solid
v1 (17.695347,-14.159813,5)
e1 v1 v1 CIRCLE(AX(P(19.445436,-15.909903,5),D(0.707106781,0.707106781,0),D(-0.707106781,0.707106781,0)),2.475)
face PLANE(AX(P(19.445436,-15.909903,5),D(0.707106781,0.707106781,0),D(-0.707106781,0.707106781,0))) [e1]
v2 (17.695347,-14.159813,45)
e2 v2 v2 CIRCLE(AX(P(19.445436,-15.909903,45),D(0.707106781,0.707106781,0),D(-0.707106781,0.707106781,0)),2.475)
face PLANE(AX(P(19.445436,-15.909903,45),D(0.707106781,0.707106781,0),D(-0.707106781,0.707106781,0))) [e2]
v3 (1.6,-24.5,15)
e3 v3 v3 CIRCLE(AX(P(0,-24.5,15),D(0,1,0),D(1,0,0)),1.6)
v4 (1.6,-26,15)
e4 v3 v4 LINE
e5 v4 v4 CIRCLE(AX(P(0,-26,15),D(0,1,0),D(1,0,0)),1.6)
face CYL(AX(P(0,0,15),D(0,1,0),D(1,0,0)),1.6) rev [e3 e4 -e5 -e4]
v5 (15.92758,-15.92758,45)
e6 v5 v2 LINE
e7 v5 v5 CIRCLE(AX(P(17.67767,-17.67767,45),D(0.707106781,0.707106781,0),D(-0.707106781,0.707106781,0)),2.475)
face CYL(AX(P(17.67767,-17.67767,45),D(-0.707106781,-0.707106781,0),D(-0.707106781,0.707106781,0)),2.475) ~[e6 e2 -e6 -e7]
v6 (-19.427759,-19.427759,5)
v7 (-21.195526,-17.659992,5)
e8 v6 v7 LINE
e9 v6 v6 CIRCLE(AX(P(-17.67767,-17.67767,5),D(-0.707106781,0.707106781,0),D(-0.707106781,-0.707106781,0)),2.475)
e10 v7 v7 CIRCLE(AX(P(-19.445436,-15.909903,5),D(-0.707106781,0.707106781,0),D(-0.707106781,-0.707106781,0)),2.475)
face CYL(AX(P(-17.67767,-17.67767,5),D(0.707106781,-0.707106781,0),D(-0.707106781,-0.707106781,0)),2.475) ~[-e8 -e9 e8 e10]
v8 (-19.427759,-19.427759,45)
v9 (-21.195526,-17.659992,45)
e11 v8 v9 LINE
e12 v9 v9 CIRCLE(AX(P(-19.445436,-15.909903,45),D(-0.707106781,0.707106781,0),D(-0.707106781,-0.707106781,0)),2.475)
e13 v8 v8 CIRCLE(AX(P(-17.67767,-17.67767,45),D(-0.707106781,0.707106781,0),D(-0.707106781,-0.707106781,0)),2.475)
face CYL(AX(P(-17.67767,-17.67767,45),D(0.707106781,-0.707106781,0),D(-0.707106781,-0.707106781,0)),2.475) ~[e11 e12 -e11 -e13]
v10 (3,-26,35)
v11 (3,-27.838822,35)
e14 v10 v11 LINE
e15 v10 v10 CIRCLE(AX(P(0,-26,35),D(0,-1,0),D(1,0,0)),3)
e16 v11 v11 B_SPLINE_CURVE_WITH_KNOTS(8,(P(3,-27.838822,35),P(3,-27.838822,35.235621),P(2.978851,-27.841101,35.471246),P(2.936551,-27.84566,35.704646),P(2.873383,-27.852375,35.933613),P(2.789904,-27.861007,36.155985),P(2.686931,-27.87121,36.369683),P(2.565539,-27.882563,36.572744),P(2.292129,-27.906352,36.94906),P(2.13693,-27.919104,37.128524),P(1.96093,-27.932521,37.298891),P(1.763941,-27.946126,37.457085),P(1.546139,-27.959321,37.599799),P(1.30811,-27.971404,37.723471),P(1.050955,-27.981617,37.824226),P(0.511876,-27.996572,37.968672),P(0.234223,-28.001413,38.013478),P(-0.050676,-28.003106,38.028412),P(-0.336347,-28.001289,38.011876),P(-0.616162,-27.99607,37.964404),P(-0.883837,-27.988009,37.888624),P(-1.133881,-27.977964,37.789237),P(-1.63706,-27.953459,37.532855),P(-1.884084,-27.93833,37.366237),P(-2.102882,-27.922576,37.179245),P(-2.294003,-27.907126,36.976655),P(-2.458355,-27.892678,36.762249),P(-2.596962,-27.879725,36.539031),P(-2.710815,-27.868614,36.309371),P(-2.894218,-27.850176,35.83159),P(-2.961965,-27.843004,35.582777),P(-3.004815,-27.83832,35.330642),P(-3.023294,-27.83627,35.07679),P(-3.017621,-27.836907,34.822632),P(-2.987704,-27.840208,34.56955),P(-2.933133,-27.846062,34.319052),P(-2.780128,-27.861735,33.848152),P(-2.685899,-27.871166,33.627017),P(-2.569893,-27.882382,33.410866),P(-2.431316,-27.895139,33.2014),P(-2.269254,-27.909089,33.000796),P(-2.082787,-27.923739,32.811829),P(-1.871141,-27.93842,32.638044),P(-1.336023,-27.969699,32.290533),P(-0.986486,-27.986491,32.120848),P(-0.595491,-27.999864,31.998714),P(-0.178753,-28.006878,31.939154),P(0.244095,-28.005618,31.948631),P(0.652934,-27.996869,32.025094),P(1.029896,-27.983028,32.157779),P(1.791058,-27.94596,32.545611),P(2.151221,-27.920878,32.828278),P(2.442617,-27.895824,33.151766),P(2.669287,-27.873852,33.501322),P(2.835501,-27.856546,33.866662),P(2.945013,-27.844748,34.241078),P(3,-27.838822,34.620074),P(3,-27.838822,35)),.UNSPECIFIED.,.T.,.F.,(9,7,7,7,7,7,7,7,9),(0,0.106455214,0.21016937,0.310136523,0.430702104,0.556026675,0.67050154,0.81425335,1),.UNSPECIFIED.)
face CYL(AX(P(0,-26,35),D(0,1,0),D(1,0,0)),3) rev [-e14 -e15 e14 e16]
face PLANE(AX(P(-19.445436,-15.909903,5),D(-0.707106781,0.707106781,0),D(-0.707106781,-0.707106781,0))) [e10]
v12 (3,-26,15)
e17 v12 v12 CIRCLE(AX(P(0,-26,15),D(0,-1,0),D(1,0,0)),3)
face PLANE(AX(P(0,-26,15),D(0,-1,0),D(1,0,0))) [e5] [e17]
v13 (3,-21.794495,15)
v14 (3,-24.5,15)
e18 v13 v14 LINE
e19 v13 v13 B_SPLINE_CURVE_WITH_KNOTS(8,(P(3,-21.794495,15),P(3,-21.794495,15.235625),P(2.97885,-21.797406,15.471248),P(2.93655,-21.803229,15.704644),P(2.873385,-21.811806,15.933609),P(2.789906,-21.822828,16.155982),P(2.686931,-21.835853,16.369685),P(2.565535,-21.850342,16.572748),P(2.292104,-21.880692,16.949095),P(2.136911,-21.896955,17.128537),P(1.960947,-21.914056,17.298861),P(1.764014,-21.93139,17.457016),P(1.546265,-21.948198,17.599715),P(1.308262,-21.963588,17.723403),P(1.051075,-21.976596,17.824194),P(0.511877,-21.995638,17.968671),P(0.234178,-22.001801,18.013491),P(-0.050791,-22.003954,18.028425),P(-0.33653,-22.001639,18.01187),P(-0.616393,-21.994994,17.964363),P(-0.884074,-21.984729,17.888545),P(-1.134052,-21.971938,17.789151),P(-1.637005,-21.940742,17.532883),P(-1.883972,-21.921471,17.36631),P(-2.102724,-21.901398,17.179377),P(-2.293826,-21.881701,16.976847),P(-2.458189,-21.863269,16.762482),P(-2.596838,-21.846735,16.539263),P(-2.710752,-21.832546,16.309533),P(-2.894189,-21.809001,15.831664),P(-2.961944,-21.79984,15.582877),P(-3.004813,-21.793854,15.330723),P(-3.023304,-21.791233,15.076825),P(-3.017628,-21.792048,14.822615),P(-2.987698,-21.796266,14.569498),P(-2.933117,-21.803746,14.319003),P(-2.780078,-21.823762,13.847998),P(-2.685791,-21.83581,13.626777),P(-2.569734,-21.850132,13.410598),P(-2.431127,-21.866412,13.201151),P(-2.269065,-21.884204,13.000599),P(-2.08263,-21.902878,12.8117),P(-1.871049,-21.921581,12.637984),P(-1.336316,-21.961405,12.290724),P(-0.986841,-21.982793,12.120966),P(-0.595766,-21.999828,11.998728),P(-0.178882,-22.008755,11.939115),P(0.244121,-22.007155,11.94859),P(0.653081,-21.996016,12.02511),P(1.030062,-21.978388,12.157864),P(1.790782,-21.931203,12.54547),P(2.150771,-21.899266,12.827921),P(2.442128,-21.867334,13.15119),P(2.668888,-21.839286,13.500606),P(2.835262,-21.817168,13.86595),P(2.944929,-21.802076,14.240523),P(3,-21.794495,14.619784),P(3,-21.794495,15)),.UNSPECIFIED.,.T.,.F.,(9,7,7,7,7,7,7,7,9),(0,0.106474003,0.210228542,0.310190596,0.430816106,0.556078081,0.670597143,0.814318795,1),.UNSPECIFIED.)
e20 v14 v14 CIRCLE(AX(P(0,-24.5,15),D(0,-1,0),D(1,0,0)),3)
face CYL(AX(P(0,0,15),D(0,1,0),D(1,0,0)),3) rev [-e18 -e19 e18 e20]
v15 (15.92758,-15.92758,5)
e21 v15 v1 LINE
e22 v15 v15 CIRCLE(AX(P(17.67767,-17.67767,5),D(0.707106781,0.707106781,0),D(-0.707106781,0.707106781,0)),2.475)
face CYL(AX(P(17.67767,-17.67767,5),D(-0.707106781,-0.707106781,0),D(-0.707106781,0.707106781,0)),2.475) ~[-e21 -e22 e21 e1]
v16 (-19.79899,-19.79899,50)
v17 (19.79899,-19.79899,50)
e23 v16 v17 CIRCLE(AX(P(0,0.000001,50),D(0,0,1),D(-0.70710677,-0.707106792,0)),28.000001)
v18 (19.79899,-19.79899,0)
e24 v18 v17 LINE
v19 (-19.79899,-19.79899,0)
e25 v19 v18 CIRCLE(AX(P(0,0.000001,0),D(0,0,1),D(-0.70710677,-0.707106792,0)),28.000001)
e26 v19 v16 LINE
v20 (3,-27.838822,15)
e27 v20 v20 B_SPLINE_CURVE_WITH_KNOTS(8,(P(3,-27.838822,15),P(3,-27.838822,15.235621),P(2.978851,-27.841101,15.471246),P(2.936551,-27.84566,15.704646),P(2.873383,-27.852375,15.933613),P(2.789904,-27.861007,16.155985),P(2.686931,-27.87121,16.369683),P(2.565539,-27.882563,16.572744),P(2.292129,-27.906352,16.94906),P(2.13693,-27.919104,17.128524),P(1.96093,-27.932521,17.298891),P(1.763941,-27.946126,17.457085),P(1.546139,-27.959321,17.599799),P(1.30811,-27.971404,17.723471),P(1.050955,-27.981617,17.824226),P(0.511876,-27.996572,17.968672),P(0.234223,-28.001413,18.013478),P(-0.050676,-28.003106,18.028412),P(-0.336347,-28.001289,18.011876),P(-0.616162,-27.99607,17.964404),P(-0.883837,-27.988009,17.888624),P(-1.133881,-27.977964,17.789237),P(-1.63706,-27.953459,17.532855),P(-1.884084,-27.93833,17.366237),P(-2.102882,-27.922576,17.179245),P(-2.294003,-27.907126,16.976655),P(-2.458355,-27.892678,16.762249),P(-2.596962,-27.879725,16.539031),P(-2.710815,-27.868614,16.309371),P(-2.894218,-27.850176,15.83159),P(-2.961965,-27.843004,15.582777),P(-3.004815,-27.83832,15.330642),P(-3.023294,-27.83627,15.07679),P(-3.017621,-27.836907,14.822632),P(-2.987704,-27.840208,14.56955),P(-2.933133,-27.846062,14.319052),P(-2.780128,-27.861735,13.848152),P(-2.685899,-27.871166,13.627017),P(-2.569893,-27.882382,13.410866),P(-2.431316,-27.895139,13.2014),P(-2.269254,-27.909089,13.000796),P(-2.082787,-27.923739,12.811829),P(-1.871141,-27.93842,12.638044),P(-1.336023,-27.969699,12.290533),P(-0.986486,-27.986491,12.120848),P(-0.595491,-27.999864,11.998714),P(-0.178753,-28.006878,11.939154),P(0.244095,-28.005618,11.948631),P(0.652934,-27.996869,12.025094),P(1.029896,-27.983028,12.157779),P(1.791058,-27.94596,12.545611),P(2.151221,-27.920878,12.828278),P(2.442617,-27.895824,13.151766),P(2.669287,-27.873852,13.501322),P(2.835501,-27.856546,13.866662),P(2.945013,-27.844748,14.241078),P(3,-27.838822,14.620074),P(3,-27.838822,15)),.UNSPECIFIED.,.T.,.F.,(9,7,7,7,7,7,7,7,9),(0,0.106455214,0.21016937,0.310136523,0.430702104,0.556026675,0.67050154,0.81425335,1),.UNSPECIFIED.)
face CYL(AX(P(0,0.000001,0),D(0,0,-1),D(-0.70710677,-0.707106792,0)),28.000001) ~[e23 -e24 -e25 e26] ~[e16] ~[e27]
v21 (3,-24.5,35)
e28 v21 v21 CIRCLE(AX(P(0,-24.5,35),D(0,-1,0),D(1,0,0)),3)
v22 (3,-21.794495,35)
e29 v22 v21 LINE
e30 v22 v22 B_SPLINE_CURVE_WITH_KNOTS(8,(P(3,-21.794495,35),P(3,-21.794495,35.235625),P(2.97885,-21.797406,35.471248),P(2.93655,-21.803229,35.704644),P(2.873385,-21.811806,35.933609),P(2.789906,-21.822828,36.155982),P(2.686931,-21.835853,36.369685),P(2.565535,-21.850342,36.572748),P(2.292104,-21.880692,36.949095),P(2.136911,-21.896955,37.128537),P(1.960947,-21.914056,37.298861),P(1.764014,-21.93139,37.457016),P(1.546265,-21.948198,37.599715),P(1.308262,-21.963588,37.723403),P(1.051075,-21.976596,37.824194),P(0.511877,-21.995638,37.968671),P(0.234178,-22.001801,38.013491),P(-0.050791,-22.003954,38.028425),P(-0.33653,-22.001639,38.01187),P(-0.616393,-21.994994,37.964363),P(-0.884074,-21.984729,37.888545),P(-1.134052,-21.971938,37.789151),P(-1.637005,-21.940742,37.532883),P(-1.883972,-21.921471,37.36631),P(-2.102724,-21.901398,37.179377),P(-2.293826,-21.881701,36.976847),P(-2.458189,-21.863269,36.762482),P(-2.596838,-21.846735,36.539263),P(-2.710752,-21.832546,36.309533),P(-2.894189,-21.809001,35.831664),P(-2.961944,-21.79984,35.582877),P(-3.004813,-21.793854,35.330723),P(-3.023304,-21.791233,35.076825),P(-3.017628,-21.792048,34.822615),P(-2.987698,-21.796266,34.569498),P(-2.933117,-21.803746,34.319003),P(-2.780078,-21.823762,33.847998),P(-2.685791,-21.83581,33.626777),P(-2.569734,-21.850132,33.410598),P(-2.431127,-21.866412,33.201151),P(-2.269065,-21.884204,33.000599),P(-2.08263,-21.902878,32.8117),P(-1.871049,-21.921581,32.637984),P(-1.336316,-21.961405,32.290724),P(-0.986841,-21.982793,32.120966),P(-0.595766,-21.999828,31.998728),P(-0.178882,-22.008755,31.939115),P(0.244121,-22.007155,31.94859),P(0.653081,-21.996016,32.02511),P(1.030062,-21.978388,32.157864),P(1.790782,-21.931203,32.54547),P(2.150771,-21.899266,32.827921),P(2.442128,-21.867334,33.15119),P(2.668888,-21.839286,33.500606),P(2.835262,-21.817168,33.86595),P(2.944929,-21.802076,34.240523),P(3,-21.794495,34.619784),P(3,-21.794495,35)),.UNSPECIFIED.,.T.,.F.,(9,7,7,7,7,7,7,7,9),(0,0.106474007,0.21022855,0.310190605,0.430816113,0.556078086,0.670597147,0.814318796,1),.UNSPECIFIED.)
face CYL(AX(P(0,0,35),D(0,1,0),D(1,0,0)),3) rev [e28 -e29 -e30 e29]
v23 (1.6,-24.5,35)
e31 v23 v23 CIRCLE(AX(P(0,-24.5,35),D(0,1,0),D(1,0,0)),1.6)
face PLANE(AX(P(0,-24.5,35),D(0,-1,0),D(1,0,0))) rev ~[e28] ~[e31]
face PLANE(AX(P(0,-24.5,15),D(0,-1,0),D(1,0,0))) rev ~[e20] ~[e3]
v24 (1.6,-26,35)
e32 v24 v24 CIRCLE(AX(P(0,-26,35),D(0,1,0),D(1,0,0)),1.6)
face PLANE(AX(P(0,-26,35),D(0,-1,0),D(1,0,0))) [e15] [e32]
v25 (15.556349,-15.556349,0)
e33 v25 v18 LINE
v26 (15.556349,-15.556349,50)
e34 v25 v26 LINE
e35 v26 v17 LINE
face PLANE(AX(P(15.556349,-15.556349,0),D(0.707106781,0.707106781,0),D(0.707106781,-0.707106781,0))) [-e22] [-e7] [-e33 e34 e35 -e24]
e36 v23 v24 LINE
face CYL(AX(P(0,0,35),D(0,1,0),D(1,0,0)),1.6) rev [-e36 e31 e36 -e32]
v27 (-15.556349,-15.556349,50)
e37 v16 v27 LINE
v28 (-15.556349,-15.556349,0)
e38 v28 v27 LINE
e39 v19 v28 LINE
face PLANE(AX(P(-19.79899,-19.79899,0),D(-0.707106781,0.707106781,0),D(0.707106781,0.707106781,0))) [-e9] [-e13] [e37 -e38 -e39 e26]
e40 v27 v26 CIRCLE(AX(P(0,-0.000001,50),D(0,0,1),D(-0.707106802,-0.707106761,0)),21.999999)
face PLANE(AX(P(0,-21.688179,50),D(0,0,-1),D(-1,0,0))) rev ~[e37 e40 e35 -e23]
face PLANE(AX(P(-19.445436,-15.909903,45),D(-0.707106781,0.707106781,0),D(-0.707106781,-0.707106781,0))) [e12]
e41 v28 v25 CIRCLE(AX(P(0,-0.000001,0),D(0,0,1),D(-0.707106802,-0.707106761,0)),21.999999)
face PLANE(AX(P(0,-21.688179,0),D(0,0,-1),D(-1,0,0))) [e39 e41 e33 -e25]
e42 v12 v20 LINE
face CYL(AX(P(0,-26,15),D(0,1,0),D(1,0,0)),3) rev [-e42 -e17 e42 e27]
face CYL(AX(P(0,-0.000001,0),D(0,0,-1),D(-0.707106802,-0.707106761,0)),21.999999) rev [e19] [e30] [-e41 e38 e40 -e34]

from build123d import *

# Parameters (mm, degrees)
PAD_DEPTH            = 50
SKETCH001_R          = 2.475
PAD001_DEPTH         = 2.5
SKETCH002_R          = 2.475
PAD002_DEPTH         = 2.5
SKETCH003_R          = 3
POCKET_DEPTH         = 24.5
SKETCH004_R          = 1.6
POCKET001_DEPTH      = 0.001
POCKET001_DEPTH_BACK = 28.001
POCKET002_START      = 26
SKETCH005_R          = 3
POCKET002_DEPTH      = 42


with BuildPart() as part:
    # Sketch → Pad (new body)
    with BuildSketch(Plane.XY):
        with BuildLine():
            ThreePointArc((-15.556349, -15.556349), (0, -22), (15.556349, -15.556349))
            Line((15.556349, -15.556349), (19.79899, -19.79899))
            ThreePointArc((-19.79899, -19.79899), (0, -28), (19.79899, -19.79899))
            Line((-19.79899, -19.79899), (-15.556349, -15.556349))
        make_face()
    extrude(amount=PAD_DEPTH)

    # Sketch001 → Pad001 (join)
    with BuildSketch(Plane(origin=(0, 0, 0), x_dir=(-0.707107, -0.707107, 0), z_dir=(-0.707107, 0.707107, 0))):
        with Locations((25, 45)):
            Circle(SKETCH001_R)
        with Locations((25, 5)):
            Circle(SKETCH001_R)
    extrude(amount=PAD001_DEPTH)

    # Sketch002 (on Face8 of Pad001) → Pad002 (join)
    with BuildSketch(Plane(origin=(0, 0, 0), x_dir=(-0.707107, 0.707107, 0), z_dir=(0.707107, 0.707107, 0))):
        with Locations((-25, 45)):
            Circle(SKETCH002_R)
        with Locations((-25, 5)):
            Circle(SKETCH002_R)
    extrude(amount=PAD002_DEPTH)

    # Sketch003 → Pocket (cut)
    with BuildSketch(Plane.XZ):
        with Locations((0, 35)):
            Circle(SKETCH003_R)
        with Locations((0, 15)):
            Circle(SKETCH003_R)
    extrude(amount=POCKET_DEPTH, mode=Mode.SUBTRACT)

    # Sketch004 → Pocket001 (cut, two sides)
    with BuildSketch(Plane.XZ) as pocket001_sk:
        with Locations((0, 35)):
            Circle(SKETCH004_R)
        with Locations((0, 15)):
            Circle(SKETCH004_R)
    extrude(amount=-POCKET001_DEPTH, mode=Mode.SUBTRACT)
    extrude(pocket001_sk.sketch, amount=POCKET001_DEPTH_BACK, mode=Mode.SUBTRACT)

    # Sketch005 → Pocket002 (cut)
    with BuildSketch(Plane.XZ.offset(POCKET002_START)):
        with Locations((0, 35)):
            Circle(SKETCH005_R)
        with Locations((0, 15)):
            Circle(SKETCH005_R)
    extrude(amount=POCKET002_DEPTH, mode=Mode.SUBTRACT)


solid = part.part
